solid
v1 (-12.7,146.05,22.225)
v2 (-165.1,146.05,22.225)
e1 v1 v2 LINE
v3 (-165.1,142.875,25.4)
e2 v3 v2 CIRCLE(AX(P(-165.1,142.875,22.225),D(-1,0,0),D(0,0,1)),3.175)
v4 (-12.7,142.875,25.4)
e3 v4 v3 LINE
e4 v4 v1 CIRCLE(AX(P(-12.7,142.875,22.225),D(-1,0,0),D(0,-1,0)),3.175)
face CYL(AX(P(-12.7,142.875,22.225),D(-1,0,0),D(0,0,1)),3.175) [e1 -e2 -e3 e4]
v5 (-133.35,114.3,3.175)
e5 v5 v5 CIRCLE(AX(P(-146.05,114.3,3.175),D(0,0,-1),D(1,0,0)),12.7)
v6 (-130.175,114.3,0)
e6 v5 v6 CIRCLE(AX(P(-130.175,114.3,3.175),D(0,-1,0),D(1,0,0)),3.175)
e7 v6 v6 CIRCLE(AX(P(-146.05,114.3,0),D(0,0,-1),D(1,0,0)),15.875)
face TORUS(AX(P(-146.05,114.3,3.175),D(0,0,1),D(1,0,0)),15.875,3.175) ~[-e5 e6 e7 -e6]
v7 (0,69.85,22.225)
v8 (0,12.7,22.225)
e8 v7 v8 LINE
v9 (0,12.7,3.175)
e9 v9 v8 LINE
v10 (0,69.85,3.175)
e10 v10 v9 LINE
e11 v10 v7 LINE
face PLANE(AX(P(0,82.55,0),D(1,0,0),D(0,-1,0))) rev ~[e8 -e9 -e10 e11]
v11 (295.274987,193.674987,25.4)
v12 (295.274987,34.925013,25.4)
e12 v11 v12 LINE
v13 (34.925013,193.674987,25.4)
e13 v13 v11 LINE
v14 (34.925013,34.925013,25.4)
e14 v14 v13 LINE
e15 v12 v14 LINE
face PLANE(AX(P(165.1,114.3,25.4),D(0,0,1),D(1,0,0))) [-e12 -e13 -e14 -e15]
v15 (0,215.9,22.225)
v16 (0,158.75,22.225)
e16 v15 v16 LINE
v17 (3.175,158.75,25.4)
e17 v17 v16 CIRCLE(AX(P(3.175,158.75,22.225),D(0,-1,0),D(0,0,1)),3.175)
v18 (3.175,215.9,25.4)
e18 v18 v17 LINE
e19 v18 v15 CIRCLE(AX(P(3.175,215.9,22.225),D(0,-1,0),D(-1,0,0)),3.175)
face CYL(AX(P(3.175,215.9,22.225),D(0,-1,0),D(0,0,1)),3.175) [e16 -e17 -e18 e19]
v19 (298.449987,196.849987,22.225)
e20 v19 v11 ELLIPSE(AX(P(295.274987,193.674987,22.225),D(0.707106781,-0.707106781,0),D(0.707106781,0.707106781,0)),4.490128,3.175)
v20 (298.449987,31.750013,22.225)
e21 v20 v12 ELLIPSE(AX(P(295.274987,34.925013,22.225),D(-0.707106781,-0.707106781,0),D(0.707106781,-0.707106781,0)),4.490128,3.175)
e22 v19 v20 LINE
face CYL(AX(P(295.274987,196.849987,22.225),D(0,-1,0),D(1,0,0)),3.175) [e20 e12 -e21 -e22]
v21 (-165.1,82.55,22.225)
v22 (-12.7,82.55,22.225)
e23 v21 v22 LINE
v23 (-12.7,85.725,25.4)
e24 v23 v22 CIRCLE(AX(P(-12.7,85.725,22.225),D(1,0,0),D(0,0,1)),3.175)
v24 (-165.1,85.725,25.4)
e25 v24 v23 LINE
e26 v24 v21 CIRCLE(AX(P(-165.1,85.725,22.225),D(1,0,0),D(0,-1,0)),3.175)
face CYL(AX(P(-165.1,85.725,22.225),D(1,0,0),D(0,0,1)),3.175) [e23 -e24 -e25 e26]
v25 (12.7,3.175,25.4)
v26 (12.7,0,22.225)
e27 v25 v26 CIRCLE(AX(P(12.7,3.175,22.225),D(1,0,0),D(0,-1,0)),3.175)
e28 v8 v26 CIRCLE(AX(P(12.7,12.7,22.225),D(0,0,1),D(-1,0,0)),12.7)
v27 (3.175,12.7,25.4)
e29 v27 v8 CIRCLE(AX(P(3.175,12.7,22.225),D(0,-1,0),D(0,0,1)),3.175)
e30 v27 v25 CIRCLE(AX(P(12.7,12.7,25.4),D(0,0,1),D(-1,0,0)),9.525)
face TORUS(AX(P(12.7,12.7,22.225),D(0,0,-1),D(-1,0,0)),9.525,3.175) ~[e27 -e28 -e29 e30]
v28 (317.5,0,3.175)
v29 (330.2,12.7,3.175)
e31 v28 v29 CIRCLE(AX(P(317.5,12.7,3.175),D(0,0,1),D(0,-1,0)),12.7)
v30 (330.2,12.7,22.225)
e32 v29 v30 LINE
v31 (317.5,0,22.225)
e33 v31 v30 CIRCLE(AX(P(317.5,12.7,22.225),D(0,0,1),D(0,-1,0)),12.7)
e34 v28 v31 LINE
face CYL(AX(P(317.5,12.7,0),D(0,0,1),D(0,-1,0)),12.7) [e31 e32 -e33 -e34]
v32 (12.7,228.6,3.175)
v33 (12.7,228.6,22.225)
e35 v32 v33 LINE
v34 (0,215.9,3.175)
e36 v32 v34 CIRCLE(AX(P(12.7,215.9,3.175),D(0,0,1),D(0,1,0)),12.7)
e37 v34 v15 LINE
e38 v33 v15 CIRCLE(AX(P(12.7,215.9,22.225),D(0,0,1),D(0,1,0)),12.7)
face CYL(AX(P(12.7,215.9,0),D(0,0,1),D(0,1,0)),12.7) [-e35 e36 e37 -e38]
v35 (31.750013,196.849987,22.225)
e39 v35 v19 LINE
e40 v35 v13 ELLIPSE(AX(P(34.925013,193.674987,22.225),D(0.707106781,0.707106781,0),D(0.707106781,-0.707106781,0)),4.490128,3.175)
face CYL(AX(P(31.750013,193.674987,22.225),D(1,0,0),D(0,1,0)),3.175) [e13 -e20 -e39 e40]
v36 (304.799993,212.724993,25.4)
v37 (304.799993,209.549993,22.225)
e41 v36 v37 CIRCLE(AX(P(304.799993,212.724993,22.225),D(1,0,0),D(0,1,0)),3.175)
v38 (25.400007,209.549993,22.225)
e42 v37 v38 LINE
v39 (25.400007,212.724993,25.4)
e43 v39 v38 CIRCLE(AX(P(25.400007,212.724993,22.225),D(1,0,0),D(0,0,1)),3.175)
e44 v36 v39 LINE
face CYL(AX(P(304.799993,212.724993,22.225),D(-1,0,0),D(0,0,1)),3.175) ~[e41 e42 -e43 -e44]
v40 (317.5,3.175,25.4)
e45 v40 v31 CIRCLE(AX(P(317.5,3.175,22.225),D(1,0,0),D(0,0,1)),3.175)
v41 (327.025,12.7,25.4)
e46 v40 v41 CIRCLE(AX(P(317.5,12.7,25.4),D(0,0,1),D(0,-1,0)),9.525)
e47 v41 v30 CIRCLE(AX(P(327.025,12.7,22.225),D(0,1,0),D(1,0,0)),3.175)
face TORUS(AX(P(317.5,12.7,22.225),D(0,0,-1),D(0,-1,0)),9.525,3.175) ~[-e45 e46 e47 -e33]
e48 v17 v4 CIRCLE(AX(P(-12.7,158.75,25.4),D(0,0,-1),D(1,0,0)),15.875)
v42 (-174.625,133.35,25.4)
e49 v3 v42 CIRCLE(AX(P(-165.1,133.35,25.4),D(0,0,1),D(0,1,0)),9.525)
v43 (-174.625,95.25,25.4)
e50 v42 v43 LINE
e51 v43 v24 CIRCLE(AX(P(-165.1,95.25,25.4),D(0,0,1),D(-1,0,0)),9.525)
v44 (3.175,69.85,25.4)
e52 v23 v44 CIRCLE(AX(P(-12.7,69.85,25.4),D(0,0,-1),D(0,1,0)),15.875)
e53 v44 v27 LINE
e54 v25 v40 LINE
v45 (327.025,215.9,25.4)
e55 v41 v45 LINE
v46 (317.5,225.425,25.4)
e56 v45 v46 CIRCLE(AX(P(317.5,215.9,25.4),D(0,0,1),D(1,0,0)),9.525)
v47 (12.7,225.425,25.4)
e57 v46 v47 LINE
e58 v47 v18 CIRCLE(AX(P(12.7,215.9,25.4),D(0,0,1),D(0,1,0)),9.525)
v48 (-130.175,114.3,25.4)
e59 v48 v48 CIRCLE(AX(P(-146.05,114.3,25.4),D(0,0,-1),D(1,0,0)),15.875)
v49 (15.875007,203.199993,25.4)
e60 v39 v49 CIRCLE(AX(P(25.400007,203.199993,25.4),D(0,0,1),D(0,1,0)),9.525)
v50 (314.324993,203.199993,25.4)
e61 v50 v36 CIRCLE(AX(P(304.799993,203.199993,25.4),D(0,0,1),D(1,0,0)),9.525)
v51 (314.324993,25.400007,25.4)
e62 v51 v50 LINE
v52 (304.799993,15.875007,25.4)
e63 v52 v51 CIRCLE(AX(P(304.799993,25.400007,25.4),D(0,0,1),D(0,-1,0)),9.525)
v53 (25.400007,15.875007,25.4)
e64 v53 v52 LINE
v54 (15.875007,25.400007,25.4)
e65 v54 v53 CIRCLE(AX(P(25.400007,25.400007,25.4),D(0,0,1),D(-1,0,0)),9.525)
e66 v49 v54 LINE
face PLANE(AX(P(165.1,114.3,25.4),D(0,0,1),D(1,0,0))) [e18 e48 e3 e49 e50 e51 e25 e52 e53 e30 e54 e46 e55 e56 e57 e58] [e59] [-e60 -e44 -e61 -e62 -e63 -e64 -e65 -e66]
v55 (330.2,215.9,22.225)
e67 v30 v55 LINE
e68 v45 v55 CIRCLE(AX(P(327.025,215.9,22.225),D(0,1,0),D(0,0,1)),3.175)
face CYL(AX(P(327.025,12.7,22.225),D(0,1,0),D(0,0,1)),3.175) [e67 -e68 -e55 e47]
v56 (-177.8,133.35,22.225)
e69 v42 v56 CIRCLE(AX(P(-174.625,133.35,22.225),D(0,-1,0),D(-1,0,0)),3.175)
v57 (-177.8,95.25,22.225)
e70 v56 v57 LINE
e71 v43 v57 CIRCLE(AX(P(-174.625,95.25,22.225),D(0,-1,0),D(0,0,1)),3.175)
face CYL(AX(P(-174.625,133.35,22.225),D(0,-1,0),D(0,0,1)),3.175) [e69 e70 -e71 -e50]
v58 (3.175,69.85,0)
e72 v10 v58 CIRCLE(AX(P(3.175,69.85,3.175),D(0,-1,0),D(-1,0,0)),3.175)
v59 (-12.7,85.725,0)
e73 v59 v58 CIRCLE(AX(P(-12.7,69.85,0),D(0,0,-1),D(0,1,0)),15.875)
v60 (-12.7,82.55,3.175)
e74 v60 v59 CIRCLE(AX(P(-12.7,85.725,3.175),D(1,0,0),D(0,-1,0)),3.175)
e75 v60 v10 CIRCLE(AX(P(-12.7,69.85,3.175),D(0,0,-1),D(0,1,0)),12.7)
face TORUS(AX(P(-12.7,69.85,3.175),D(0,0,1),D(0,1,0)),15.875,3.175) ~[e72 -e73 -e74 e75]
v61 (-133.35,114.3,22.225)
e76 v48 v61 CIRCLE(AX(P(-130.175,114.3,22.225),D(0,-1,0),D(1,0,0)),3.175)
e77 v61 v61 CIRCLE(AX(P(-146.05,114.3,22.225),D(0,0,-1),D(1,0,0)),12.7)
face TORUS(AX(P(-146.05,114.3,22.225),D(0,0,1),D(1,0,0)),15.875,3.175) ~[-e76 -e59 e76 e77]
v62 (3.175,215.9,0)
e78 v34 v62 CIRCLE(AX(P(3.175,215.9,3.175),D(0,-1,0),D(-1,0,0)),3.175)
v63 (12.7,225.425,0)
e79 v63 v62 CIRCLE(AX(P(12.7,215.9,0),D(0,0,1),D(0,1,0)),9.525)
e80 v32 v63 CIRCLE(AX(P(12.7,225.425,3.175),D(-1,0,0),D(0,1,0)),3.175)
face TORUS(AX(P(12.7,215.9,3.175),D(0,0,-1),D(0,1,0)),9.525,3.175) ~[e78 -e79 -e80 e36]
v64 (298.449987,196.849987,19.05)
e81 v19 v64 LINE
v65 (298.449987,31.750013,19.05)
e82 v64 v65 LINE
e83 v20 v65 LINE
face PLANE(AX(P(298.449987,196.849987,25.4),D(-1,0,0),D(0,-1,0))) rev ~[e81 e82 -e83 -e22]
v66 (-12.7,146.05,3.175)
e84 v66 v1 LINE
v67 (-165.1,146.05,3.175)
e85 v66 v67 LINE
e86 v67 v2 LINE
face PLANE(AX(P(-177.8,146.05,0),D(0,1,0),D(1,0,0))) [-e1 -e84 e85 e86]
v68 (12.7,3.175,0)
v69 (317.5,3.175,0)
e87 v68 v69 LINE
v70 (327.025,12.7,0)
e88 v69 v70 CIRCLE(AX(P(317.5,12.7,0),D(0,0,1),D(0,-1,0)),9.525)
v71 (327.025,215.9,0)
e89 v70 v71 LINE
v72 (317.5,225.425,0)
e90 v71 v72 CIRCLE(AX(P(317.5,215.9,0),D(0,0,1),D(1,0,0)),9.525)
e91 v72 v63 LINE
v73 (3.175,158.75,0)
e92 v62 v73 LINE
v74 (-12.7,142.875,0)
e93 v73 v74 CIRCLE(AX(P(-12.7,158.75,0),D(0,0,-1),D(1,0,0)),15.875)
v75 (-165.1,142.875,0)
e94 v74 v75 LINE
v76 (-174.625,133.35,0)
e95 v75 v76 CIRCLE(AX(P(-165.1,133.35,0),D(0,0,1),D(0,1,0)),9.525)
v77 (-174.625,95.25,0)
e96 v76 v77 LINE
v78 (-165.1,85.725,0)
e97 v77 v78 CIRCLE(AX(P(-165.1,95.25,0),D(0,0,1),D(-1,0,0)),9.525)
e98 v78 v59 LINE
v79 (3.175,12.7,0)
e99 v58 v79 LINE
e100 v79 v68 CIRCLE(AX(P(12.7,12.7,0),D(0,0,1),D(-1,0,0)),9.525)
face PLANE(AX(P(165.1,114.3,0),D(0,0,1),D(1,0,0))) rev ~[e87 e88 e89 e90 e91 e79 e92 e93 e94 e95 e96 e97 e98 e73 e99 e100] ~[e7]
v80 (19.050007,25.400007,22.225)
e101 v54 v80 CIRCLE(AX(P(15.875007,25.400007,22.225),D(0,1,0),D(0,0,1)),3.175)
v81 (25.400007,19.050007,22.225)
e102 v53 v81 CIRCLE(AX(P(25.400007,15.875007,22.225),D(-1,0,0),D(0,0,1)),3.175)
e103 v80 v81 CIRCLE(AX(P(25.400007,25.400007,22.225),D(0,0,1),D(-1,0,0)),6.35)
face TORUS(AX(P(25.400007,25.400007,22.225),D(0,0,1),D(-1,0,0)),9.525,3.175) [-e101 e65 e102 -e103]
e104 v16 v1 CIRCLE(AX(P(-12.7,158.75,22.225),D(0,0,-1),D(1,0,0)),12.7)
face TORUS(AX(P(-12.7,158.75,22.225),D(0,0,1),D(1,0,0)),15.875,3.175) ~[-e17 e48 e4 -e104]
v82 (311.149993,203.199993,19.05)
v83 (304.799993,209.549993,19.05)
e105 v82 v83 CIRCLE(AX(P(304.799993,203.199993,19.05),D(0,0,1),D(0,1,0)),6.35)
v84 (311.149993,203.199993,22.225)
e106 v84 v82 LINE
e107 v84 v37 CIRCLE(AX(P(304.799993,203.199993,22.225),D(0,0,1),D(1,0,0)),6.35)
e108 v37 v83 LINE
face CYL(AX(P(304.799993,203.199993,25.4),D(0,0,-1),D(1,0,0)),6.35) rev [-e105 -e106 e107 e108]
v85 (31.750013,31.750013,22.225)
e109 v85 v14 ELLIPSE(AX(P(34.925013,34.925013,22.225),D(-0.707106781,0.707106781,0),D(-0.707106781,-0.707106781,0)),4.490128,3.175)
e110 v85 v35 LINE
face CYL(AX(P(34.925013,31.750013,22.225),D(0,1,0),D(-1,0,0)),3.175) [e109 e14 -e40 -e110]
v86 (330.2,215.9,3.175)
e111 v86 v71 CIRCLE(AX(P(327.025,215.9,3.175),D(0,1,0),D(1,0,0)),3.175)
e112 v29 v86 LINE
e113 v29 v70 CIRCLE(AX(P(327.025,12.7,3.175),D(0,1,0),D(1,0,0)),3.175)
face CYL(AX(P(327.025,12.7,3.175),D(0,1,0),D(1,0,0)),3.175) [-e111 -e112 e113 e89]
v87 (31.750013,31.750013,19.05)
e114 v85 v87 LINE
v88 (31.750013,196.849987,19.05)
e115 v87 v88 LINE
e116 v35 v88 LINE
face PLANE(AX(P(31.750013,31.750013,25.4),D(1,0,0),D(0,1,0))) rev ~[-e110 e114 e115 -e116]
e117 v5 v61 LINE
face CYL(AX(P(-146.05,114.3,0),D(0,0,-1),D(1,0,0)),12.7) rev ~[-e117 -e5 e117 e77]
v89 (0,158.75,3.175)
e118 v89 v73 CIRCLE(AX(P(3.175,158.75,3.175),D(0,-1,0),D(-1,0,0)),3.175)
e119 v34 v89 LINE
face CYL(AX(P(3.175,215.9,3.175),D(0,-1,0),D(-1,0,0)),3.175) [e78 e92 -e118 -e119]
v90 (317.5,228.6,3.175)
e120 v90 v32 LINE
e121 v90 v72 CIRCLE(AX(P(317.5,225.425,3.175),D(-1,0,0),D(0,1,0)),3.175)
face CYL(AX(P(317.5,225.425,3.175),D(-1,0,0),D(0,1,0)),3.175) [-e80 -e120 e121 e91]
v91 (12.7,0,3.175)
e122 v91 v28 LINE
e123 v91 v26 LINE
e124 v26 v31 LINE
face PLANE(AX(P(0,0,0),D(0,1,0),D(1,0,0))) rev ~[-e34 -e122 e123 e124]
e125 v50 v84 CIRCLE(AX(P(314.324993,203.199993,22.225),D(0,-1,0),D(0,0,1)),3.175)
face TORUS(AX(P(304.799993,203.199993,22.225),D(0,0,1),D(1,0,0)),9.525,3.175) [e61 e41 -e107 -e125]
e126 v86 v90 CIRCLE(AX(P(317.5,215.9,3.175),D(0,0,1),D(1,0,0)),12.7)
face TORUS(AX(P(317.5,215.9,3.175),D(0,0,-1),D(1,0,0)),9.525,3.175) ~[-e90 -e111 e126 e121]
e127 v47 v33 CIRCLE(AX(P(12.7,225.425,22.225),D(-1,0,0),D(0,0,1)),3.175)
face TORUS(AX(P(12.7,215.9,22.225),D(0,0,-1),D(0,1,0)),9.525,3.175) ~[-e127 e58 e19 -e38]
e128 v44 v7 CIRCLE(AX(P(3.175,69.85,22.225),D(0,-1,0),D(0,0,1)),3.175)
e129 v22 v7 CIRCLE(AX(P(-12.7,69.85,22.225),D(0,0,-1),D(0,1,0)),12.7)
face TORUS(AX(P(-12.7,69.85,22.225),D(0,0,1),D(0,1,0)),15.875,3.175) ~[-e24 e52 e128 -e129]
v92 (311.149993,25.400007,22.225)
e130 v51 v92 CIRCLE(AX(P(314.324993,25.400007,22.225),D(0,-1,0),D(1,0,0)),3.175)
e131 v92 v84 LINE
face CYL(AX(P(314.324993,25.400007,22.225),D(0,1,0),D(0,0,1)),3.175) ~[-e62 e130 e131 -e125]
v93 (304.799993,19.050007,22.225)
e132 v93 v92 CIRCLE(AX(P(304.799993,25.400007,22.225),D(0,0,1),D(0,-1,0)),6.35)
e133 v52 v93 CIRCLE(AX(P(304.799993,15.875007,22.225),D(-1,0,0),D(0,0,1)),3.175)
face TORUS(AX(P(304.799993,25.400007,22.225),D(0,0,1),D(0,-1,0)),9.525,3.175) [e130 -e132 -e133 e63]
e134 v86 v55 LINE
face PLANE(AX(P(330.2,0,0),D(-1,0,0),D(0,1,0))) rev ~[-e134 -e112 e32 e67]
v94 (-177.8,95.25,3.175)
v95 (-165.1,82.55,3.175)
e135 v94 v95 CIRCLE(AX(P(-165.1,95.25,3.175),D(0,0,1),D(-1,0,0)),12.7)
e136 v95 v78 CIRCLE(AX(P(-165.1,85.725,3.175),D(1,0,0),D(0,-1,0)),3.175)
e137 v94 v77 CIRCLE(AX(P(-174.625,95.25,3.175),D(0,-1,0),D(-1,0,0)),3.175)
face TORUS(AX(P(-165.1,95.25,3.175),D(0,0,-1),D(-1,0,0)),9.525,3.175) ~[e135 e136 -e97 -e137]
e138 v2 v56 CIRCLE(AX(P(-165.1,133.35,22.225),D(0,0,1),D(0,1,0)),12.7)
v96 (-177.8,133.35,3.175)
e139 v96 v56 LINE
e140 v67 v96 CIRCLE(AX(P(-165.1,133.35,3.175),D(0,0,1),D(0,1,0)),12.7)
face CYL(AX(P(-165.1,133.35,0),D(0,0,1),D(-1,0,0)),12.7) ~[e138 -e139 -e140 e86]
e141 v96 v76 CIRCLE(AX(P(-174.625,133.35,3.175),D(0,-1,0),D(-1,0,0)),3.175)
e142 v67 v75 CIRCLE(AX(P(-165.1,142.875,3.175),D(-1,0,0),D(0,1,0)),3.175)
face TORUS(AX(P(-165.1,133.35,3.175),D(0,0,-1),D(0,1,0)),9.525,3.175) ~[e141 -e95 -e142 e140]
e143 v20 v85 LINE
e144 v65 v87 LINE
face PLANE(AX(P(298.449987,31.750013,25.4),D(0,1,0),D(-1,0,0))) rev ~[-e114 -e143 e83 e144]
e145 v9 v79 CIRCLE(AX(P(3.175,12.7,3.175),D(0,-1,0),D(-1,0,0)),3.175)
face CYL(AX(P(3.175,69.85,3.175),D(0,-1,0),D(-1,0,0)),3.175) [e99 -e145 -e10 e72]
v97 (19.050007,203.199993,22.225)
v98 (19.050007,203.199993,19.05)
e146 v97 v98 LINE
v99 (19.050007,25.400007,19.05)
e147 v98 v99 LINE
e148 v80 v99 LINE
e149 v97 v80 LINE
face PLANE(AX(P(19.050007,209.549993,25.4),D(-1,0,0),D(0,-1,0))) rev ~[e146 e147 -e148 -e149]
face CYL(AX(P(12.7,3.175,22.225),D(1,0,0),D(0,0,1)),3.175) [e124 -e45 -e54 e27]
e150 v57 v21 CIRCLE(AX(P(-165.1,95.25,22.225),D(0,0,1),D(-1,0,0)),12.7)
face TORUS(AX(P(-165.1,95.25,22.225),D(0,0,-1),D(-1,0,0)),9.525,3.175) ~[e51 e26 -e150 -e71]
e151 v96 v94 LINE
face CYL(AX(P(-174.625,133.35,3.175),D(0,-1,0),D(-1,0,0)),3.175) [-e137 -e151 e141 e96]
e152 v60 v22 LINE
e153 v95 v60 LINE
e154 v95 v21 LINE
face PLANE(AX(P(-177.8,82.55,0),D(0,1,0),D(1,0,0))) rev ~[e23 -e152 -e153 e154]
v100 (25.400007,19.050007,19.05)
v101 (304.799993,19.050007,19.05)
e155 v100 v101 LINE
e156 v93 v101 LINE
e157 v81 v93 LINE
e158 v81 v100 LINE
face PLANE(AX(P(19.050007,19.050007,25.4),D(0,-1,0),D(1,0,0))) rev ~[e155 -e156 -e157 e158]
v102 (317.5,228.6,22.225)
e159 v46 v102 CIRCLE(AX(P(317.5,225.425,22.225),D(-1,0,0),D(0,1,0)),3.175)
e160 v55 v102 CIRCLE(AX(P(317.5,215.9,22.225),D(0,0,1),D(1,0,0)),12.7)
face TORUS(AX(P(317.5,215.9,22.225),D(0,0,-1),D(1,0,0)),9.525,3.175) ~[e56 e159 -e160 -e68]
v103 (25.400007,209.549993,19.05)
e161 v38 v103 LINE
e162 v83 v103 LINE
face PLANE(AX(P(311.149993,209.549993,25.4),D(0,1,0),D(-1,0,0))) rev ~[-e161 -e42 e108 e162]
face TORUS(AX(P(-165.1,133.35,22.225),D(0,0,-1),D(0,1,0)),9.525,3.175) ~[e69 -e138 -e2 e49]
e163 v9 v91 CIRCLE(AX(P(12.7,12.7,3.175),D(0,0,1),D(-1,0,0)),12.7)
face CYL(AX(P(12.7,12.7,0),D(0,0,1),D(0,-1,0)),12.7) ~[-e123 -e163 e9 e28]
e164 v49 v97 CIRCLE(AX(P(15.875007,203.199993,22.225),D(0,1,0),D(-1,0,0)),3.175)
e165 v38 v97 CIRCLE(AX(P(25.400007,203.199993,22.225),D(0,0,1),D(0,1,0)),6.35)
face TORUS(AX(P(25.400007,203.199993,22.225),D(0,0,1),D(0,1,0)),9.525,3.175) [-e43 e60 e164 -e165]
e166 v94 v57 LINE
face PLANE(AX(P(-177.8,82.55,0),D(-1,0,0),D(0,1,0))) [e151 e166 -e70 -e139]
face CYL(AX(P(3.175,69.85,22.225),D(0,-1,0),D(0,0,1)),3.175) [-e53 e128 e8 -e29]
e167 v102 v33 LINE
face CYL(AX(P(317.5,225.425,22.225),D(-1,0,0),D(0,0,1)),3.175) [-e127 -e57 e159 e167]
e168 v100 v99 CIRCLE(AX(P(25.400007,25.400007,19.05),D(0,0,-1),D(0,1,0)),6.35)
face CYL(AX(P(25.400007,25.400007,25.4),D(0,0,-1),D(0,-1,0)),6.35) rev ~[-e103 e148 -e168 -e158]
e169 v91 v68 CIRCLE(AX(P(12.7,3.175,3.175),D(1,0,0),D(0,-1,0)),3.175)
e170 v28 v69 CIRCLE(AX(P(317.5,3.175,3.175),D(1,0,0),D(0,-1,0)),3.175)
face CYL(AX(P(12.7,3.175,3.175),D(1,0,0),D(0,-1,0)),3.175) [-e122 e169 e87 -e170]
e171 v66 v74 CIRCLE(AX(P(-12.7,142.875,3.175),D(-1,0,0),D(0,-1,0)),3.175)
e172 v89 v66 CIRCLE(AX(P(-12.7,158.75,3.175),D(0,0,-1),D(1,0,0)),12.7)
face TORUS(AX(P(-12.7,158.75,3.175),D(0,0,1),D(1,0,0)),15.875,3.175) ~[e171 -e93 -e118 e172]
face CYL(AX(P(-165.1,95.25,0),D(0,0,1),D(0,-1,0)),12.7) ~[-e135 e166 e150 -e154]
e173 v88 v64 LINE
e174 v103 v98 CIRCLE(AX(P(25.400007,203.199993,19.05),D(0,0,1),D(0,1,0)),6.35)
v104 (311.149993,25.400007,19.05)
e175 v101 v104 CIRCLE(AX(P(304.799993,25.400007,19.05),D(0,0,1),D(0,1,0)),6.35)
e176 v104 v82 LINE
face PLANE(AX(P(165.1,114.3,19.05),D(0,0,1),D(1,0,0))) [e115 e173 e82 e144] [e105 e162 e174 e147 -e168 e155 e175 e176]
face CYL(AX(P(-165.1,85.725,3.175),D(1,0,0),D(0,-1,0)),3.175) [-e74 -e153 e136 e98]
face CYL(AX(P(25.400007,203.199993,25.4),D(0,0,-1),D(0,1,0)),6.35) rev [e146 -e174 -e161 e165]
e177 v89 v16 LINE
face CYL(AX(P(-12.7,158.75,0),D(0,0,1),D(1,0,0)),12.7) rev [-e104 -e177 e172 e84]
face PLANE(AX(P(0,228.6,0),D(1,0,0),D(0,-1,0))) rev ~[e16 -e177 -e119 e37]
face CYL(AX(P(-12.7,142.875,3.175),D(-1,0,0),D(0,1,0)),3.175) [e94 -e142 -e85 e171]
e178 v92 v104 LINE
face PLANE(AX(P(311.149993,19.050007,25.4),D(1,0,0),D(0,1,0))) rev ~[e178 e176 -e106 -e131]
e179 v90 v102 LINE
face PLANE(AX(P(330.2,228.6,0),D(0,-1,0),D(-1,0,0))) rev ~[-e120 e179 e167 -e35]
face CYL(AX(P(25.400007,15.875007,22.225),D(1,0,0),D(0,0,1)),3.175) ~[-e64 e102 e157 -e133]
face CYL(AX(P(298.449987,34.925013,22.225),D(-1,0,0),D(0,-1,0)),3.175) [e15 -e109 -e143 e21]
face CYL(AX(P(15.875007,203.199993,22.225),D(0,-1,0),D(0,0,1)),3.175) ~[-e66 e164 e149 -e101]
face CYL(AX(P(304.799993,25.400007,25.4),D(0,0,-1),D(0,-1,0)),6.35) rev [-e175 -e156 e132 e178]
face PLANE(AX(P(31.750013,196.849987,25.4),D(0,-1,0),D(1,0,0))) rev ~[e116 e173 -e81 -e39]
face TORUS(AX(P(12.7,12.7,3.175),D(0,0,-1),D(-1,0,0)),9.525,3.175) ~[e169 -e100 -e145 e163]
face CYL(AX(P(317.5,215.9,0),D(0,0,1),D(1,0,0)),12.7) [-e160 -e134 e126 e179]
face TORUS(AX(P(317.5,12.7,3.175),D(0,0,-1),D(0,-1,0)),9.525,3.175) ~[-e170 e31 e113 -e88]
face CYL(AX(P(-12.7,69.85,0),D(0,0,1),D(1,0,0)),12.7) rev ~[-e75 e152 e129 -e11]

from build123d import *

# Parameters (mm, degrees)
F0_W     = 177.8
F0_H     = 63.5
F1_DEPTH = 25.4
F2_R     = 12.7
F3_DEPTH = 25.4
F5_DEPTH = 6.35
F6_R     = 6.35
F7_R     = 12.7
F8_R     = 3.175


with BuildPart() as f1:
    # F0 (on Top) → F1 (new body)
    with BuildSketch(Plane.XY):
        Polygon((0, 82.55), (0, 0), (330.2, 0), (330.2, 228.6), (0, 228.6), (0, 146.05), align=None)
        with Locations((-88.9, 114.3)):
            Rectangle(F0_W, F0_H)
    extrude(amount=F1_DEPTH)

    # F2 (on face) → F3 (cut)
    with BuildSketch(Plane(origin=(0, 0, 0), x_dir=(1, 0, 0), z_dir=(0, 0, -1))):
        with Locations((-146.05, -114.3)):
            Circle(F2_R)
    extrude(amount=-F3_DEPTH, mode=Mode.SUBTRACT)

    # F4 (on face) → F5 (cut)
    with BuildSketch(Plane.XY.offset(25.4)):
        Polygon((19.0500067234, 82.55), (19.0500067234, 19.0500067234), (311.1499932766, 19.0500067234), (311.1499932766, 209.5499932766), (19.0500067234, 209.5499932766), (19.0500067234, 146.05), align=None)
        Polygon((31.7500130892, 82.55), (31.7500130892, 146.05), (31.7500130892, 196.8499869108), (298.4499869108, 196.8499869108), (298.4499869108, 31.7500130892), (31.7500130892, 31.7500130892), align=None, mode=Mode.SUBTRACT)
    extrude(amount=-F5_DEPTH, mode=Mode.SUBTRACT)

    # F6
    f6_edges = [f1.edges().sort_by_distance(p)[0] for p in [
        (19.050007, 209.549993, 22.225),
        (311.149993, 209.549993, 22.225),
        (311.149993, 19.050007, 22.225),
        (19.050007, 19.050007, 22.225),
    ]]
    fillet(f6_edges, radius=F6_R)

    # F7
    f7_edges = [f1.edges().sort_by_distance(p)[0] for p in [
        (0, 0, 12.7),
        (330.2, 0, 12.7),
        (330.2, 228.6, 12.7),
        (0, 228.6, 12.7),
        (-177.8, 82.55, 12.7),
        (-177.8, 146.05, 12.7),
        (0, 146.05, 12.7),
        (0, 82.55, 12.7),
    ]]
    fillet(f7_edges, radius=F7_R)

    # F8
    f8_edges = [f1.edges().sort_by_distance(p)[0] for p in [
        (165.1, 196.849987, 25.4),
        (298.449987, 114.3, 25.4),
        (165.1, 31.750013, 25.4),
        (31.750013, 114.3, 25.4),
        (0, 41.275, 25.4),
        (-3.719744, 78.830256, 25.4),
        (3.719744, 3.719744, 25.4),
        (-88.9, 82.55, 25.4),
        (165.1, 0, 25.4),
        (-174.080256, 86.269744, 25.4),
        (326.480256, 3.719744, 25.4),
        (-177.8, 114.3, 25.4),
        (330.2, 114.3, 25.4),
        (-174.080256, 142.330256, 25.4),
        (326.480256, 224.880256, 25.4),
        (-88.9, 146.05, 25.4),
        (165.1, 228.6, 25.4),
        (-3.719744, 149.769744, 25.4),
        (3.719744, 224.880256, 25.4),
        (0, 187.325, 25.4),
        (165.1, 19.050007, 25.4),
        (20.909879, 20.909879, 25.4),
        (309.290121, 20.909879, 25.4),
        (19.050007, 114.3, 25.4),
        (311.149993, 114.3, 25.4),
        (20.909879, 207.690121, 25.4),
        (309.290121, 207.690121, 25.4),
        (165.1, 209.549993, 25.4),
        (-158.75, 114.3, 25.4),
        (0, 41.275, 0),
        (-3.719744, 78.830256, 0),
        (3.719744, 3.719744, 0),
        (-88.9, 82.55, 0),
        (165.1, 0, 0),
        (-174.080256, 86.269744, 0),
        (326.480256, 3.719744, 0),
        (-177.8, 114.3, 0),
        (330.2, 114.3, 0),
        (-174.080256, 142.330256, 0),
        (326.480256, 224.880256, 0),
        (-88.9, 146.05, 0),
        (165.1, 228.6, 0),
        (-3.719744, 149.769744, 0),
        (3.719744, 224.880256, 0),
        (0, 187.325, 0),
        (-158.75, 114.3, 0),
    ]]
    fillet(f8_edges, radius=F8_R)


solid = f1.part
